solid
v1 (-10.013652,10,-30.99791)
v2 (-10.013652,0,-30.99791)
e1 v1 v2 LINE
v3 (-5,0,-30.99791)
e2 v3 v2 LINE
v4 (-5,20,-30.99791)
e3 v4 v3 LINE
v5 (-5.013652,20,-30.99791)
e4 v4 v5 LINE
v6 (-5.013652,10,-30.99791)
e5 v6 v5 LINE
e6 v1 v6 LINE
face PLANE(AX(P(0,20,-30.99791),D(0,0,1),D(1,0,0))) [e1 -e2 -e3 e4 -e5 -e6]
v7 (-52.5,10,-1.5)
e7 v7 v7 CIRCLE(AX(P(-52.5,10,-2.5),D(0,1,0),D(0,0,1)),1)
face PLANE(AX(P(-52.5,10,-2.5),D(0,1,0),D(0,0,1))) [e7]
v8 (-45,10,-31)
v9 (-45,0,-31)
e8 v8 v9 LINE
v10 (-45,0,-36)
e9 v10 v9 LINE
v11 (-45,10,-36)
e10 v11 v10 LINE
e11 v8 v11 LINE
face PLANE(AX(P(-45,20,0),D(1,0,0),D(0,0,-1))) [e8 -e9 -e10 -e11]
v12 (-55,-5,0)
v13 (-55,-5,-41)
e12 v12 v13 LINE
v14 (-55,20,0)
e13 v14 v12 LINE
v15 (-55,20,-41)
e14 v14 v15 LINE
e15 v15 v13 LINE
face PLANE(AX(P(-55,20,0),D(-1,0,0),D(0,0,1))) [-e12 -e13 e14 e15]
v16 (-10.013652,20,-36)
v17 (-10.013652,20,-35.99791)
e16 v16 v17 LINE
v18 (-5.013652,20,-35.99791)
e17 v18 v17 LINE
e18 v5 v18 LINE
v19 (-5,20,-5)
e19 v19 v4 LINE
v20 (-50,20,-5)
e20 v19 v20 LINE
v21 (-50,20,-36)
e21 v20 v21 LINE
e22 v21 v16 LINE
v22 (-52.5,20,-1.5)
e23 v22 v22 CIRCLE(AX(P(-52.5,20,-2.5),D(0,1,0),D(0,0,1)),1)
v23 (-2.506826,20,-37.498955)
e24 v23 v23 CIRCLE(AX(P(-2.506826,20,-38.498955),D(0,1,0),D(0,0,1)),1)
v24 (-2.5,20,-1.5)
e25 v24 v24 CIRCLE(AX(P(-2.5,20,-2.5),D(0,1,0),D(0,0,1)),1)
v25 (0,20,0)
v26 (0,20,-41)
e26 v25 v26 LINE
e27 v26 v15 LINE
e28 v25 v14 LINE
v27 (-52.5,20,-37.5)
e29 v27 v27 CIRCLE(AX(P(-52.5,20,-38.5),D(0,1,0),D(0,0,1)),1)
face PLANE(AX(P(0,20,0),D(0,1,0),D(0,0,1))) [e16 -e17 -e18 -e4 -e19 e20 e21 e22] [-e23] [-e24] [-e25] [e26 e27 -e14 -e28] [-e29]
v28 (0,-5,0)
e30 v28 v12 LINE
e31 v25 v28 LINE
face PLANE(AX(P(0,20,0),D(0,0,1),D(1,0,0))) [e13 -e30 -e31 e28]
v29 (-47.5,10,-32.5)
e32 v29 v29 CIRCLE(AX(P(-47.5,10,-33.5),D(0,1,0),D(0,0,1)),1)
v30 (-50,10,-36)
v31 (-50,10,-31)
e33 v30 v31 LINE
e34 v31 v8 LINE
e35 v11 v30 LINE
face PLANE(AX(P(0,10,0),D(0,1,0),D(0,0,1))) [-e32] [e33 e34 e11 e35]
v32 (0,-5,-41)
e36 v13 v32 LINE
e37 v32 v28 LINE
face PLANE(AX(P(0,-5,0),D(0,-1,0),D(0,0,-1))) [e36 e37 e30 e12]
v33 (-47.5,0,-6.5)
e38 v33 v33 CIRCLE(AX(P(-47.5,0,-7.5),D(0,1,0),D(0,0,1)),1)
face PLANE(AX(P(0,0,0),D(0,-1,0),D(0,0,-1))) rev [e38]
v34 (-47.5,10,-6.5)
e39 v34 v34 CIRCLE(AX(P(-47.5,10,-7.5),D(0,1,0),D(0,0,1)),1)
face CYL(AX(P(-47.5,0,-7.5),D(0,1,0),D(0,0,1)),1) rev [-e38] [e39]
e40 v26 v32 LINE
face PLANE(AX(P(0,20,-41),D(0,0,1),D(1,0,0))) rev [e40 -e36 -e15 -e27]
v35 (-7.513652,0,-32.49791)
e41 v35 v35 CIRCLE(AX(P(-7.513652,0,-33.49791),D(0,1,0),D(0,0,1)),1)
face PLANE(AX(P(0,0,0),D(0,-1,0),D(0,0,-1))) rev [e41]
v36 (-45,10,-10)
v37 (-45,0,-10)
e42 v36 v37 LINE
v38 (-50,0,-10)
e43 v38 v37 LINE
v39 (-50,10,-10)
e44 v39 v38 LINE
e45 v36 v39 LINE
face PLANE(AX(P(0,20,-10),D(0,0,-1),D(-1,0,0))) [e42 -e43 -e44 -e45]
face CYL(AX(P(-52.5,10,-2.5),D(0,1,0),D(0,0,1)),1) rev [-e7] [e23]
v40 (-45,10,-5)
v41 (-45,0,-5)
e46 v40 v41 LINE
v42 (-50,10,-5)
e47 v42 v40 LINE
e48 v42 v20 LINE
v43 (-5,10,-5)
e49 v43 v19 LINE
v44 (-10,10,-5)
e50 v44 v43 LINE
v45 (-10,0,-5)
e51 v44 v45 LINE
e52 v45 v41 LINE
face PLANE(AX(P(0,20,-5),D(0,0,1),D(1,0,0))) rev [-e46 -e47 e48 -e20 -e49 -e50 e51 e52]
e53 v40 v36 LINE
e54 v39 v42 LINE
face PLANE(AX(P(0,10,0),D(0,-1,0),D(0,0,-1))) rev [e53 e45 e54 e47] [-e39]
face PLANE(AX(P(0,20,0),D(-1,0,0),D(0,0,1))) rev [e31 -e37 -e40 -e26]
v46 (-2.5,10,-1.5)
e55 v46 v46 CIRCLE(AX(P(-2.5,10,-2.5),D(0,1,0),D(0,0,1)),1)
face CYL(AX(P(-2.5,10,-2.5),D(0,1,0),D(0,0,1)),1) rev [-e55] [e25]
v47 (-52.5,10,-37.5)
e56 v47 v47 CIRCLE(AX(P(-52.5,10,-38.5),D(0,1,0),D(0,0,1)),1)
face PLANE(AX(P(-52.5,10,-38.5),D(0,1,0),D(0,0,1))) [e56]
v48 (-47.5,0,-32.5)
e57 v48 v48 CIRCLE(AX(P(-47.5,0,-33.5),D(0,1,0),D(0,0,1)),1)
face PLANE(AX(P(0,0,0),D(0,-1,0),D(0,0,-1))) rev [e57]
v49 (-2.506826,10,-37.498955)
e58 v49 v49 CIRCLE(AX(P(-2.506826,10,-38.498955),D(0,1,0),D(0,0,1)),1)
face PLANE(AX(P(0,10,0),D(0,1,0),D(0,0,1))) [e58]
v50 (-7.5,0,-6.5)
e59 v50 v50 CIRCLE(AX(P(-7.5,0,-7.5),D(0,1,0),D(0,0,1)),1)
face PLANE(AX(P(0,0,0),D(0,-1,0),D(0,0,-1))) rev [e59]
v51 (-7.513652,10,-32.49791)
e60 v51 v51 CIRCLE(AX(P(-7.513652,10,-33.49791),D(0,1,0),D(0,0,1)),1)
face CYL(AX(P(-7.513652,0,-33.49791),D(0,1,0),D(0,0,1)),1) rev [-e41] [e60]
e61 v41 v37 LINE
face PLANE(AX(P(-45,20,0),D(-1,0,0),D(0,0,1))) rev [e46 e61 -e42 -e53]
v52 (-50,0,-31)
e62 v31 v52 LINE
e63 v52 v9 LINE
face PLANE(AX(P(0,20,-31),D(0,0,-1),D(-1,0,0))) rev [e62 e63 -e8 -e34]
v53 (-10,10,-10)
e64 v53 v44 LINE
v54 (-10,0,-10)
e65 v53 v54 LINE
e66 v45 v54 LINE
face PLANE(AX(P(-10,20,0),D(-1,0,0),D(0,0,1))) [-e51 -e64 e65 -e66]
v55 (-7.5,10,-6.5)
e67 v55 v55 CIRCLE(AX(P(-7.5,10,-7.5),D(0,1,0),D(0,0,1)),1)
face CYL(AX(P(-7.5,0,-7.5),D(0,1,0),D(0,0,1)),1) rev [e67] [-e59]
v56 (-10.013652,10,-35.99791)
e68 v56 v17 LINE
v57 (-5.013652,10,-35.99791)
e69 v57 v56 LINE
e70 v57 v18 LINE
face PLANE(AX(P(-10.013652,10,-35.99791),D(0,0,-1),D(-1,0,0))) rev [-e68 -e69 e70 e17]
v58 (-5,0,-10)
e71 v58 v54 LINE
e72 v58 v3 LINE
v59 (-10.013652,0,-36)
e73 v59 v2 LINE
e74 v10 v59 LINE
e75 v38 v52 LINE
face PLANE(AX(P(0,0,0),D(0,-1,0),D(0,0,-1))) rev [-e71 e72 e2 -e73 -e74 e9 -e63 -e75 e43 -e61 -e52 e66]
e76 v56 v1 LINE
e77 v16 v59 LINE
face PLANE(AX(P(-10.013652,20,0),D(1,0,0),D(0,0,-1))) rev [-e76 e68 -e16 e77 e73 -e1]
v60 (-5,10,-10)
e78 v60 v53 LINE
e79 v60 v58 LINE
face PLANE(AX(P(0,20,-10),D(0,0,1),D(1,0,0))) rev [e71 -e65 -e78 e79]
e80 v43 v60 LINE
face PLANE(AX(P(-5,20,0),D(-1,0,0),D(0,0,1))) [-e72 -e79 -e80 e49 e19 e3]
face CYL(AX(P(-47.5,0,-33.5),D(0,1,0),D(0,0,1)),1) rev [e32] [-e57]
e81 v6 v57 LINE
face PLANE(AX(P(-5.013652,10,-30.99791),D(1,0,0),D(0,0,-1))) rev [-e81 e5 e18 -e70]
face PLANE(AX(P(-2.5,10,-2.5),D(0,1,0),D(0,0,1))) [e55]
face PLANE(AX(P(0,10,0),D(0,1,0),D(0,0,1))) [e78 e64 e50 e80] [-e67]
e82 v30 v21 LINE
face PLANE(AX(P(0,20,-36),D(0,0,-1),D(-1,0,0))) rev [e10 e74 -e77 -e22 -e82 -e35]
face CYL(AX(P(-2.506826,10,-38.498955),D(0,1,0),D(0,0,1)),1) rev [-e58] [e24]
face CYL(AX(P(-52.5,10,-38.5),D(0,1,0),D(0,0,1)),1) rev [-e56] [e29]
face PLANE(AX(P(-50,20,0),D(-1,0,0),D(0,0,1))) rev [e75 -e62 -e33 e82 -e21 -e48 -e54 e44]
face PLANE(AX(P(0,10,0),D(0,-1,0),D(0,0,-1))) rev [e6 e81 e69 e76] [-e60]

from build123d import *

# Parameters (mm, degrees)
SKETCH2_W            = 55
SKETCH2_H            = 5
SKETCH2_W_2          = 5
BOSS_EXTRUDE3_DEPTH  = 20
SKETCH3_W            = 5
SKETCH3_H            = 5
CUT_EXTRUDE1_DEPTH   = 10
SKETCH5_W            = 5
SKETCH5_H            = 5
CUT_EXTRUDE2_DEPTH   = 10
SKETCH6_W            = 5
SKETCH6_H            = 5
CUT_EXTRUDE3_DEPTH   = 10
SKETCH7_R            = 1
CUT_EXTRUDE5_DEPTH   = 10
SKETCH8_R            = 1
CUT_EXTRUDE6_DEPTH   = 10
SKETCH9_R            = 1
CUT_EXTRUDE7_DEPTH   = 10
SKETCH10_R           = 1
CUT_EXTRUDE8_DEPTH   = 10
SKETCH11_W           = 55
SKETCH11_H           = 41
BOSS_EXTRUDE10_DEPTH = 5
SKETCH12_R           = 1
CUT_EXTRUDE9_DEPTH   = 10
SKETCH13_R           = 1
CUT_EXTRUDE10_DEPTH  = 10
SKETCH14_R           = 1
CUT_EXTRUDE11_DEPTH  = 10
SKETCH15_R           = 1
CUT_EXTRUDE12_DEPTH  = 10


with BuildPart() as part:
    # Sketch2 → Boss-Extrude3 (new body)
    with BuildSketch(Plane(origin=(0, 0, 0), x_dir=(1, 0, 0), z_dir=(0, 1, 0))):
        with Locations((-27.5, 2.5)):
            Rectangle(SKETCH2_W, SKETCH2_H)
        Polygon((-5, 5), (0, 5), (0, 41), (-5, 41), (-5, 36), (-5, 30.997910325), (-5, 10), align=None)
        Polygon((-5, 36), (-5, 41), (-50, 41), (-50, 36), (-45, 36), (-10.013652048, 36), (-9.330274009, 36), align=None)
        Polygon((-55, 41), (-55, 5), (-50, 5), (-50, 10), (-50, 31), (-50, 36), (-50, 41), align=None)
        with Locations((-47.5, 33.5)):
            Rectangle(SKETCH2_W_2, SKETCH2_H)
        with Locations((-47.5, 7.5)):
            Rectangle(SKETCH2_W_2, SKETCH2_H)
        Polygon((-10.013652048, 30.997910325), (-5, 30.997910325), (-5, 36), (-9.330274009, 36), (-10.013652048, 36), align=None)
        with Locations((-7.5, 7.5)):
            Rectangle(SKETCH2_W_2, SKETCH2_H)
    extrude(amount=BOSS_EXTRUDE3_DEPTH)

    # Sketch3 → Cut-Extrude1 (cut)
    with BuildSketch(Plane(origin=(0, 20, 0), x_dir=(1, 0, 0), z_dir=(0, 1, 0))):
        with Locations((-7.513652048, 33.497910325)):
            Rectangle(SKETCH3_W, SKETCH3_H)
    extrude(amount=-CUT_EXTRUDE1_DEPTH, mode=Mode.SUBTRACT)

    # Sketch5 → Cut-Extrude2 (cut)
    with BuildSketch(Plane(origin=(0, 20, 0), x_dir=(1, 0, 0), z_dir=(0, 1, 0))):
        with Locations((-47.5, 33.5)):
            Rectangle(SKETCH5_W, SKETCH5_H)
    extrude(amount=-CUT_EXTRUDE2_DEPTH, mode=Mode.SUBTRACT)

    # Sketch6 → Cut-Extrude3 (cut)
    with BuildSketch(Plane(origin=(0, 20, 0), x_dir=(1, 0, 0), z_dir=(0, 1, 0))):
        with Locations((-47.5, 7.5)):
            Rectangle(SKETCH6_W, SKETCH6_H)
        with Locations((-7.5, 7.5)):
            Rectangle(SKETCH6_W, SKETCH6_H)
    extrude(amount=-CUT_EXTRUDE3_DEPTH, mode=Mode.SUBTRACT)

    # Sketch7 → Cut-Extrude5 (cut)
    with BuildSketch(Plane(origin=(0, 10, 0), x_dir=(1, 0, 0), z_dir=(0, 1, 0))):
        with Locations(Location((-47.5, 33.5, 0), (0, 0, 270))):
            Circle(SKETCH7_R)
    extrude(amount=-CUT_EXTRUDE5_DEPTH, mode=Mode.SUBTRACT)

    # Sketch8 → Cut-Extrude6 (cut)
    with BuildSketch(Plane(origin=(0, 10, 0), x_dir=(1, 0, 0), z_dir=(0, 1, 0))):
        with Locations(Location((-7.513652048, 33.497910325, 0), (0, 0, 270))):
            Circle(SKETCH8_R)
    extrude(amount=-CUT_EXTRUDE6_DEPTH, mode=Mode.SUBTRACT)

    # Sketch9 → Cut-Extrude7 (cut)
    with BuildSketch(Plane(origin=(0, 10, 0), x_dir=(1, 0, 0), z_dir=(0, 1, 0))):
        with Locations(Location((-47.5, 7.5, 0), (0, 0, 270))):
            Circle(SKETCH9_R)
    extrude(amount=-CUT_EXTRUDE7_DEPTH, mode=Mode.SUBTRACT)

    # Sketch10 → Cut-Extrude8 (cut)
    with BuildSketch(Plane(origin=(0, 10, 0), x_dir=(1, 0, 0), z_dir=(0, 1, 0))):
        with Locations(Location((-7.5, 7.5, 0), (0, 0, 270))):
            Circle(SKETCH10_R)
    extrude(amount=-CUT_EXTRUDE8_DEPTH, mode=Mode.SUBTRACT)

    # Sketch11 → Boss-Extrude10 (add)
    with BuildSketch(Plane(origin=(0, 0, 0), x_dir=(-1, 0, 0), z_dir=(0, -1, 0))):
        with Locations((27.5, 20.5)):
            Rectangle(SKETCH11_W, SKETCH11_H)
    extrude(amount=BOSS_EXTRUDE10_DEPTH)

    # Sketch12 → Cut-Extrude9 (cut)
    with BuildSketch(Plane(origin=(0, 20, 0), x_dir=(1, 0, 0), z_dir=(0, 1, 0))):
        with Locations(Location((-52.5, 38.5, 0), (0, 0, 270))):
            Circle(SKETCH12_R)
    extrude(amount=-CUT_EXTRUDE9_DEPTH, mode=Mode.SUBTRACT)

    # Sketch13 → Cut-Extrude10 (cut)
    with BuildSketch(Plane(origin=(0, 20, 0), x_dir=(1, 0, 0), z_dir=(0, 1, 0))):
        with Locations(Location((-2.506826024, 38.498955163, 0), (0, 0, 270))):
            Circle(SKETCH13_R)
    extrude(amount=-CUT_EXTRUDE10_DEPTH, mode=Mode.SUBTRACT)

    # Sketch14 → Cut-Extrude11 (cut)
    with BuildSketch(Plane(origin=(0, 20, 0), x_dir=(1, 0, 0), z_dir=(0, 1, 0))):
        with Locations(Location((-52.5, 2.5, 0), (0, 0, 270))):
            Circle(SKETCH14_R)
    extrude(amount=-CUT_EXTRUDE11_DEPTH, mode=Mode.SUBTRACT)

    # Sketch15 → Cut-Extrude12 (cut)
    with BuildSketch(Plane(origin=(0, 20, 0), x_dir=(1, 0, 0), z_dir=(0, 1, 0))):
        with Locations(Location((-2.5, 2.5, 0), (0, 0, 270))):
            Circle(SKETCH15_R)
    extrude(amount=-CUT_EXTRUDE12_DEPTH, mode=Mode.SUBTRACT)


solid = part.part
